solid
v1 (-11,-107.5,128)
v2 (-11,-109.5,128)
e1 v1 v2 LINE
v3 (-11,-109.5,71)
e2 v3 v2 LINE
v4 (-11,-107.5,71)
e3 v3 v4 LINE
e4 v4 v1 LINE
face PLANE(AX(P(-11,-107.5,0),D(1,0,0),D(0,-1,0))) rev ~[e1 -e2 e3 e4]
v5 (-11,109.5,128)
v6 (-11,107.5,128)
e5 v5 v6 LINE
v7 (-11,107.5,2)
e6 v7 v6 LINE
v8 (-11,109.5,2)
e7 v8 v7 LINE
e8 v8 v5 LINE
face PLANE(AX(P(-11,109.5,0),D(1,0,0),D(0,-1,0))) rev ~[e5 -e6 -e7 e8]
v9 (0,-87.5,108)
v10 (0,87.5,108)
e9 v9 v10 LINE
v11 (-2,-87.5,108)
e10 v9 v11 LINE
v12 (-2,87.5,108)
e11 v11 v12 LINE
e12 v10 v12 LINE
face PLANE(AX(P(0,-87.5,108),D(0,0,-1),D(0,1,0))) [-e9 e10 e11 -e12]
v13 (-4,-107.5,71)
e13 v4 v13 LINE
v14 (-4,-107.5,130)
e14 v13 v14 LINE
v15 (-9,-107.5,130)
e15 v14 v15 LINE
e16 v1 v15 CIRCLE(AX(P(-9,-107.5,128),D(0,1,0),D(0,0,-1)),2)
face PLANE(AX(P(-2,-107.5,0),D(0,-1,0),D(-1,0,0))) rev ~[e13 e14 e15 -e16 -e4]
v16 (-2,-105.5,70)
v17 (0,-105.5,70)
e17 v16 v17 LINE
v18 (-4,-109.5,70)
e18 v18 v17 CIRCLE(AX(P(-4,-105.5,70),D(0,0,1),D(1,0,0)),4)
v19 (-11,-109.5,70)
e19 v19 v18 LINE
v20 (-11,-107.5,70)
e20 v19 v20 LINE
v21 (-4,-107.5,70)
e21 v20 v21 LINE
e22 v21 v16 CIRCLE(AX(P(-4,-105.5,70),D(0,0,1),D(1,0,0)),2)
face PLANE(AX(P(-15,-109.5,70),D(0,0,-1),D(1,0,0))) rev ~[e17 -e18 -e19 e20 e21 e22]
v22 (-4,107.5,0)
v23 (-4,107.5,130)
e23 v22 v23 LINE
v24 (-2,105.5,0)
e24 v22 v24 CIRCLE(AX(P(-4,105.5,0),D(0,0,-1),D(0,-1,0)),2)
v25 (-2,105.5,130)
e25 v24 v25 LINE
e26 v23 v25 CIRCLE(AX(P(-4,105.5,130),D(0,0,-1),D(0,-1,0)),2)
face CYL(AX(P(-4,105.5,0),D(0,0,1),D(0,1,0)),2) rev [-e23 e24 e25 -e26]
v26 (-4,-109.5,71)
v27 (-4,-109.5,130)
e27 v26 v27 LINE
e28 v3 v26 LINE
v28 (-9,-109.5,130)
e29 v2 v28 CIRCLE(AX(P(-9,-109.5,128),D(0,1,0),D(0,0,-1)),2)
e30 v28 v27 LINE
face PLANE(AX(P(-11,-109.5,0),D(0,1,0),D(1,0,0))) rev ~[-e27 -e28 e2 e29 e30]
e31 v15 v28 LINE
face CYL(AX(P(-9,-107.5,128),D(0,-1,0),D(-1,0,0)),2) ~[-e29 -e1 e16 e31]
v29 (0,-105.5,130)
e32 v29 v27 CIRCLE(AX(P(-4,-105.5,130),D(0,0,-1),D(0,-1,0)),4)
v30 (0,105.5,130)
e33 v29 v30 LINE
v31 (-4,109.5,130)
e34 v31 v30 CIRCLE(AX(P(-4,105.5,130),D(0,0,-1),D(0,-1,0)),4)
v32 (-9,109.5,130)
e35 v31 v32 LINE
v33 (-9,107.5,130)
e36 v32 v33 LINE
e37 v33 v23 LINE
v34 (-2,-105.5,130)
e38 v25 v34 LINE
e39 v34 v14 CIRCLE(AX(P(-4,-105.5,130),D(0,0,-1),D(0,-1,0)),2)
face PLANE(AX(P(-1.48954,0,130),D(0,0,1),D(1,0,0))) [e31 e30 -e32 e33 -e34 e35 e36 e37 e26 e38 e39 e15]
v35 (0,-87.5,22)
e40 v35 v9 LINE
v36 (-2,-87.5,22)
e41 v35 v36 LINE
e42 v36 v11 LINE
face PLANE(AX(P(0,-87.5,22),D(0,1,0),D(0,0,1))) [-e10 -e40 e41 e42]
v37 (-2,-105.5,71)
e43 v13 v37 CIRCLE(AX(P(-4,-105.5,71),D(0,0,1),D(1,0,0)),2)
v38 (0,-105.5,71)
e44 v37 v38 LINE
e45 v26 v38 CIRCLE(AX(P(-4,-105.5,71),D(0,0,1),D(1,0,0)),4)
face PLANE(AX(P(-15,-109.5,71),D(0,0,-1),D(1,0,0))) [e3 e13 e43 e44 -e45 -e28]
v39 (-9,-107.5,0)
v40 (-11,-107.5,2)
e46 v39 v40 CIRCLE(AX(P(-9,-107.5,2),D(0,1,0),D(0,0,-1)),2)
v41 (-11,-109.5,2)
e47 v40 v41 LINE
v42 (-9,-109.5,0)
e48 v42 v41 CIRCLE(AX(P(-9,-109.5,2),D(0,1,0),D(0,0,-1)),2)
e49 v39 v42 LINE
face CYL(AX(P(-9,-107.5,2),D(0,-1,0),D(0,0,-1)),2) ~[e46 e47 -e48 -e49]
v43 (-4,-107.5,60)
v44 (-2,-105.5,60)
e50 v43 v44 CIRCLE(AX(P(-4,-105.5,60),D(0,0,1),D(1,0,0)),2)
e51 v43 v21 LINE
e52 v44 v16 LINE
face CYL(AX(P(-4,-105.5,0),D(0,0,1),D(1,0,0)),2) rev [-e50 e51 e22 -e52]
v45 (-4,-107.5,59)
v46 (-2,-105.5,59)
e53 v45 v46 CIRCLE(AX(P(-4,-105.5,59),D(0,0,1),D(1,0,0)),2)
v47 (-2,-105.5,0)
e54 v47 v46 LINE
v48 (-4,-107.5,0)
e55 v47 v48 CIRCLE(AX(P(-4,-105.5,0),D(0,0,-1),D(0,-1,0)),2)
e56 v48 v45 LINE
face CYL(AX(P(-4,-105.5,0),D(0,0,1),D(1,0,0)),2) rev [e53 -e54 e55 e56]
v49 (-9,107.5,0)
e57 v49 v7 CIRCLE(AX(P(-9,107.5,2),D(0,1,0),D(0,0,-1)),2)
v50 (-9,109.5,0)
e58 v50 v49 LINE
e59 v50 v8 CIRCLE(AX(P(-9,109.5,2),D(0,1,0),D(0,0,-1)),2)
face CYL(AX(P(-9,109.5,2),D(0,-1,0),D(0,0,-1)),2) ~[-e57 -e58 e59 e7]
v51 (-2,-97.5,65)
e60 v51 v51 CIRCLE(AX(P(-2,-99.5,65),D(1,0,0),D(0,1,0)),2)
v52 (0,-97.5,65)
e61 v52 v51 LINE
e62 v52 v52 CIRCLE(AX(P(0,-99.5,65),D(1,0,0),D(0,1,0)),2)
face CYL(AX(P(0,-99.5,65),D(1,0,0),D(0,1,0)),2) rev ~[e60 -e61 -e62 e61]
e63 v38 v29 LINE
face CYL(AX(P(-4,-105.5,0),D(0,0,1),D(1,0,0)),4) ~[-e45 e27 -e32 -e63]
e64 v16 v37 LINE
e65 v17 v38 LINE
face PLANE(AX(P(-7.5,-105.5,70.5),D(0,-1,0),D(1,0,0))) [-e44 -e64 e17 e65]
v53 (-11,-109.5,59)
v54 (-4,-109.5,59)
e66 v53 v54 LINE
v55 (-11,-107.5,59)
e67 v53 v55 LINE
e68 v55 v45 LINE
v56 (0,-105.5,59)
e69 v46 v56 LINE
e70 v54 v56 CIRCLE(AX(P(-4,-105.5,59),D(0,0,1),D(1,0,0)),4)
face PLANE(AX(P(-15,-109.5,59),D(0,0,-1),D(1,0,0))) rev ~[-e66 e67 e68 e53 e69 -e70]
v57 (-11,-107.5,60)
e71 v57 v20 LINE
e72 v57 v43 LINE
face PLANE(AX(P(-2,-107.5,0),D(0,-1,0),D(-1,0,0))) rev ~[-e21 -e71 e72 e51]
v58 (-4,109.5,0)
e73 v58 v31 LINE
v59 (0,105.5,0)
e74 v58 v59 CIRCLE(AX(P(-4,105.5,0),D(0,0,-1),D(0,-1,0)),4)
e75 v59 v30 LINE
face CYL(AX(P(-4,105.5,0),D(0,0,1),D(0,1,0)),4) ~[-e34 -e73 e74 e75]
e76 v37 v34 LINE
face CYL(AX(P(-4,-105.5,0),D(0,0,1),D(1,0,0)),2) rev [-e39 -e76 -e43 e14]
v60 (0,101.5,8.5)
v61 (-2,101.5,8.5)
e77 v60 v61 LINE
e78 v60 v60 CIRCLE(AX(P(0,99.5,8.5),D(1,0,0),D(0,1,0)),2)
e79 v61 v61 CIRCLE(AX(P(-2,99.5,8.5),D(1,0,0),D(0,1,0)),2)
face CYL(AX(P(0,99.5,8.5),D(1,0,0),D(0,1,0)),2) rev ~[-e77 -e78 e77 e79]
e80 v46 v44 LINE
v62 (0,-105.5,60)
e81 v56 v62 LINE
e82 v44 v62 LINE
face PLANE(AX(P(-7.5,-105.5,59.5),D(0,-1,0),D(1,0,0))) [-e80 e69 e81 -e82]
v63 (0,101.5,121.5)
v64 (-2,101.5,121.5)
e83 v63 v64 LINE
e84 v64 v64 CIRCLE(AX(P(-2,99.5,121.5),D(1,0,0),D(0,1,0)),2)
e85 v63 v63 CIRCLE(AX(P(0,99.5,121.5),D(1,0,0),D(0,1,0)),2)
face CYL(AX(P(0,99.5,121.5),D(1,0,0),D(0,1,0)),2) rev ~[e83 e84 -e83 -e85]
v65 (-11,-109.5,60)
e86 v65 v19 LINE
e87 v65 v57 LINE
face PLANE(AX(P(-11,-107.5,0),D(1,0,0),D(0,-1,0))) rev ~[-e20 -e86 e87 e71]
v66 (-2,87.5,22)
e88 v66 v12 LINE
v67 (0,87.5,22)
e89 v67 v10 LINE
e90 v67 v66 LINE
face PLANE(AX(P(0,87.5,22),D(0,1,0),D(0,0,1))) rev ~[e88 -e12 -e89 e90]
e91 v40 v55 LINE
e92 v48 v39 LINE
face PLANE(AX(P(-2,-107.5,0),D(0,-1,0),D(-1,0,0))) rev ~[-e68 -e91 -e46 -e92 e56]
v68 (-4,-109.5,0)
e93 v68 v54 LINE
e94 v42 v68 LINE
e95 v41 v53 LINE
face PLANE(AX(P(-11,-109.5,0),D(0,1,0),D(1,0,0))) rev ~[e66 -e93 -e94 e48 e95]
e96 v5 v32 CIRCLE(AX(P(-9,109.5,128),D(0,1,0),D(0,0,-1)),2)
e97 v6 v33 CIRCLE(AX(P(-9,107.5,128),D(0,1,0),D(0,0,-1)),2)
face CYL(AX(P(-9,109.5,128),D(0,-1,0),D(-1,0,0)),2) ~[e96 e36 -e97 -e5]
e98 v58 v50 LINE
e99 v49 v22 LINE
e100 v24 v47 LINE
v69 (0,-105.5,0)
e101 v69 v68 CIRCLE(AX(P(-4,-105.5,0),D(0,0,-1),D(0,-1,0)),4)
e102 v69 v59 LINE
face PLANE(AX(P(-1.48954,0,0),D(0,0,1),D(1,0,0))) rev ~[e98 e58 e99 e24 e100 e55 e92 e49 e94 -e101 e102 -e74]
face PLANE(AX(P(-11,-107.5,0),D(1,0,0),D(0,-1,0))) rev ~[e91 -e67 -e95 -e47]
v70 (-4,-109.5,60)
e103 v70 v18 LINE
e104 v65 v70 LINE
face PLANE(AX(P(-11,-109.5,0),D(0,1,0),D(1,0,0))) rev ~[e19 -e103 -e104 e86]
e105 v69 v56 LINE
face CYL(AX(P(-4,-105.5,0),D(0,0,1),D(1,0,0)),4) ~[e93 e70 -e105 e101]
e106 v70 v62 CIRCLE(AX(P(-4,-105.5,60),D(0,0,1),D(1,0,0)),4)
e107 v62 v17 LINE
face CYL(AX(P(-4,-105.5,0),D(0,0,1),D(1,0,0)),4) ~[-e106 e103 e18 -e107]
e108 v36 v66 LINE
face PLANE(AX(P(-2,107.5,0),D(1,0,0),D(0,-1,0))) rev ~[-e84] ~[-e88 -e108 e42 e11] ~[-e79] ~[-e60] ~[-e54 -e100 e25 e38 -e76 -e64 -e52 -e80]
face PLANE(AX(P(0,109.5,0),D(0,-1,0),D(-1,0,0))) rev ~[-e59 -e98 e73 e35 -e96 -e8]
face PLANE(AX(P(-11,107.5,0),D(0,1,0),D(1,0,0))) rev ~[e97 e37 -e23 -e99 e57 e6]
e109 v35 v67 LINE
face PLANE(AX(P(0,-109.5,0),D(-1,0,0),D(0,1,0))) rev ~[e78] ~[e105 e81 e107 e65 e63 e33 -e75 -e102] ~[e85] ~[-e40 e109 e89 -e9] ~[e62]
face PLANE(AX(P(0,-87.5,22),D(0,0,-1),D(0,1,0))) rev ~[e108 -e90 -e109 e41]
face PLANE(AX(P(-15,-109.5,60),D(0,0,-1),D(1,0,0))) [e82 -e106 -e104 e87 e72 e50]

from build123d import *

# Parameters (mm, degrees)
PAD_DEPTH       = 130
FILLET_R        = 2
FILLET001_R     = 4
SKETCH001_R     = 2
SKETCH001_W     = 175
SKETCH001_H     = 86
POCKET_DEPTH    = 5
FILLET002_R     = 2
SKETCH002_W     = 15
SKETCH002_H     = 1
POCKET001_DEPTH = 4


with BuildPart() as part:
    # Sketch → Pad (new body)
    with BuildSketch(Plane.XY):
        Polygon((0, 109.5), (-11, 109.5), (-11, 107.5), (-2, 107.5), (-2, -107.5), (-11, -107.5), (-11, -109.5), (0, -109.5), align=None)
    extrude(amount=PAD_DEPTH)

    # Fillet
    fillet_edges = [part.edges().sort_by_distance(p)[0] for p in [
        (-2, -107.5, 65),
        (-2, 107.5, 65),
    ]]
    fillet(fillet_edges, radius=FILLET_R)

    # Fillet001
    fillet001_edges = [part.edges().sort_by_distance(p)[0] for p in [
        (0, 109.5, 65),
        (0, -109.5, 65),
    ]]
    fillet(fillet001_edges, radius=FILLET001_R)

    # Sketch001 → Pocket (cut)
    with BuildSketch(Plane.YZ):
        with Locations((99.5, 8.5)):
            Circle(SKETCH001_R)
        with Locations((99.5, 121.5)):
            Circle(SKETCH001_R)
        with Locations((-99.5, 65)):
            Circle(SKETCH001_R)
        with Locations((0, 65)):
            Rectangle(SKETCH001_W, SKETCH001_H)
    extrude(amount=-POCKET_DEPTH, mode=Mode.SUBTRACT)

    # Fillet002
    fillet002_edges = [part.edges().sort_by_distance(p)[0] for p in [
        (-11, -108.5, 0),
        (-11, -108.5, 130),
        (-11, 108.5, 0),
        (-11, 108.5, 130),
    ]]
    fillet(fillet002_edges, radius=FILLET002_R)

    # Sketch002 → Pocket001 (cut)
    with BuildSketch(Plane.XZ.offset(109.5)):
        with Locations((-7.5, 59.5)):
            Rectangle(SKETCH002_W, SKETCH002_H)
        with Locations((-7.5, 70.5)):
            Rectangle(SKETCH002_W, SKETCH002_H)
    extrude(amount=-POCKET001_DEPTH, mode=Mode.SUBTRACT)


solid = part.part
